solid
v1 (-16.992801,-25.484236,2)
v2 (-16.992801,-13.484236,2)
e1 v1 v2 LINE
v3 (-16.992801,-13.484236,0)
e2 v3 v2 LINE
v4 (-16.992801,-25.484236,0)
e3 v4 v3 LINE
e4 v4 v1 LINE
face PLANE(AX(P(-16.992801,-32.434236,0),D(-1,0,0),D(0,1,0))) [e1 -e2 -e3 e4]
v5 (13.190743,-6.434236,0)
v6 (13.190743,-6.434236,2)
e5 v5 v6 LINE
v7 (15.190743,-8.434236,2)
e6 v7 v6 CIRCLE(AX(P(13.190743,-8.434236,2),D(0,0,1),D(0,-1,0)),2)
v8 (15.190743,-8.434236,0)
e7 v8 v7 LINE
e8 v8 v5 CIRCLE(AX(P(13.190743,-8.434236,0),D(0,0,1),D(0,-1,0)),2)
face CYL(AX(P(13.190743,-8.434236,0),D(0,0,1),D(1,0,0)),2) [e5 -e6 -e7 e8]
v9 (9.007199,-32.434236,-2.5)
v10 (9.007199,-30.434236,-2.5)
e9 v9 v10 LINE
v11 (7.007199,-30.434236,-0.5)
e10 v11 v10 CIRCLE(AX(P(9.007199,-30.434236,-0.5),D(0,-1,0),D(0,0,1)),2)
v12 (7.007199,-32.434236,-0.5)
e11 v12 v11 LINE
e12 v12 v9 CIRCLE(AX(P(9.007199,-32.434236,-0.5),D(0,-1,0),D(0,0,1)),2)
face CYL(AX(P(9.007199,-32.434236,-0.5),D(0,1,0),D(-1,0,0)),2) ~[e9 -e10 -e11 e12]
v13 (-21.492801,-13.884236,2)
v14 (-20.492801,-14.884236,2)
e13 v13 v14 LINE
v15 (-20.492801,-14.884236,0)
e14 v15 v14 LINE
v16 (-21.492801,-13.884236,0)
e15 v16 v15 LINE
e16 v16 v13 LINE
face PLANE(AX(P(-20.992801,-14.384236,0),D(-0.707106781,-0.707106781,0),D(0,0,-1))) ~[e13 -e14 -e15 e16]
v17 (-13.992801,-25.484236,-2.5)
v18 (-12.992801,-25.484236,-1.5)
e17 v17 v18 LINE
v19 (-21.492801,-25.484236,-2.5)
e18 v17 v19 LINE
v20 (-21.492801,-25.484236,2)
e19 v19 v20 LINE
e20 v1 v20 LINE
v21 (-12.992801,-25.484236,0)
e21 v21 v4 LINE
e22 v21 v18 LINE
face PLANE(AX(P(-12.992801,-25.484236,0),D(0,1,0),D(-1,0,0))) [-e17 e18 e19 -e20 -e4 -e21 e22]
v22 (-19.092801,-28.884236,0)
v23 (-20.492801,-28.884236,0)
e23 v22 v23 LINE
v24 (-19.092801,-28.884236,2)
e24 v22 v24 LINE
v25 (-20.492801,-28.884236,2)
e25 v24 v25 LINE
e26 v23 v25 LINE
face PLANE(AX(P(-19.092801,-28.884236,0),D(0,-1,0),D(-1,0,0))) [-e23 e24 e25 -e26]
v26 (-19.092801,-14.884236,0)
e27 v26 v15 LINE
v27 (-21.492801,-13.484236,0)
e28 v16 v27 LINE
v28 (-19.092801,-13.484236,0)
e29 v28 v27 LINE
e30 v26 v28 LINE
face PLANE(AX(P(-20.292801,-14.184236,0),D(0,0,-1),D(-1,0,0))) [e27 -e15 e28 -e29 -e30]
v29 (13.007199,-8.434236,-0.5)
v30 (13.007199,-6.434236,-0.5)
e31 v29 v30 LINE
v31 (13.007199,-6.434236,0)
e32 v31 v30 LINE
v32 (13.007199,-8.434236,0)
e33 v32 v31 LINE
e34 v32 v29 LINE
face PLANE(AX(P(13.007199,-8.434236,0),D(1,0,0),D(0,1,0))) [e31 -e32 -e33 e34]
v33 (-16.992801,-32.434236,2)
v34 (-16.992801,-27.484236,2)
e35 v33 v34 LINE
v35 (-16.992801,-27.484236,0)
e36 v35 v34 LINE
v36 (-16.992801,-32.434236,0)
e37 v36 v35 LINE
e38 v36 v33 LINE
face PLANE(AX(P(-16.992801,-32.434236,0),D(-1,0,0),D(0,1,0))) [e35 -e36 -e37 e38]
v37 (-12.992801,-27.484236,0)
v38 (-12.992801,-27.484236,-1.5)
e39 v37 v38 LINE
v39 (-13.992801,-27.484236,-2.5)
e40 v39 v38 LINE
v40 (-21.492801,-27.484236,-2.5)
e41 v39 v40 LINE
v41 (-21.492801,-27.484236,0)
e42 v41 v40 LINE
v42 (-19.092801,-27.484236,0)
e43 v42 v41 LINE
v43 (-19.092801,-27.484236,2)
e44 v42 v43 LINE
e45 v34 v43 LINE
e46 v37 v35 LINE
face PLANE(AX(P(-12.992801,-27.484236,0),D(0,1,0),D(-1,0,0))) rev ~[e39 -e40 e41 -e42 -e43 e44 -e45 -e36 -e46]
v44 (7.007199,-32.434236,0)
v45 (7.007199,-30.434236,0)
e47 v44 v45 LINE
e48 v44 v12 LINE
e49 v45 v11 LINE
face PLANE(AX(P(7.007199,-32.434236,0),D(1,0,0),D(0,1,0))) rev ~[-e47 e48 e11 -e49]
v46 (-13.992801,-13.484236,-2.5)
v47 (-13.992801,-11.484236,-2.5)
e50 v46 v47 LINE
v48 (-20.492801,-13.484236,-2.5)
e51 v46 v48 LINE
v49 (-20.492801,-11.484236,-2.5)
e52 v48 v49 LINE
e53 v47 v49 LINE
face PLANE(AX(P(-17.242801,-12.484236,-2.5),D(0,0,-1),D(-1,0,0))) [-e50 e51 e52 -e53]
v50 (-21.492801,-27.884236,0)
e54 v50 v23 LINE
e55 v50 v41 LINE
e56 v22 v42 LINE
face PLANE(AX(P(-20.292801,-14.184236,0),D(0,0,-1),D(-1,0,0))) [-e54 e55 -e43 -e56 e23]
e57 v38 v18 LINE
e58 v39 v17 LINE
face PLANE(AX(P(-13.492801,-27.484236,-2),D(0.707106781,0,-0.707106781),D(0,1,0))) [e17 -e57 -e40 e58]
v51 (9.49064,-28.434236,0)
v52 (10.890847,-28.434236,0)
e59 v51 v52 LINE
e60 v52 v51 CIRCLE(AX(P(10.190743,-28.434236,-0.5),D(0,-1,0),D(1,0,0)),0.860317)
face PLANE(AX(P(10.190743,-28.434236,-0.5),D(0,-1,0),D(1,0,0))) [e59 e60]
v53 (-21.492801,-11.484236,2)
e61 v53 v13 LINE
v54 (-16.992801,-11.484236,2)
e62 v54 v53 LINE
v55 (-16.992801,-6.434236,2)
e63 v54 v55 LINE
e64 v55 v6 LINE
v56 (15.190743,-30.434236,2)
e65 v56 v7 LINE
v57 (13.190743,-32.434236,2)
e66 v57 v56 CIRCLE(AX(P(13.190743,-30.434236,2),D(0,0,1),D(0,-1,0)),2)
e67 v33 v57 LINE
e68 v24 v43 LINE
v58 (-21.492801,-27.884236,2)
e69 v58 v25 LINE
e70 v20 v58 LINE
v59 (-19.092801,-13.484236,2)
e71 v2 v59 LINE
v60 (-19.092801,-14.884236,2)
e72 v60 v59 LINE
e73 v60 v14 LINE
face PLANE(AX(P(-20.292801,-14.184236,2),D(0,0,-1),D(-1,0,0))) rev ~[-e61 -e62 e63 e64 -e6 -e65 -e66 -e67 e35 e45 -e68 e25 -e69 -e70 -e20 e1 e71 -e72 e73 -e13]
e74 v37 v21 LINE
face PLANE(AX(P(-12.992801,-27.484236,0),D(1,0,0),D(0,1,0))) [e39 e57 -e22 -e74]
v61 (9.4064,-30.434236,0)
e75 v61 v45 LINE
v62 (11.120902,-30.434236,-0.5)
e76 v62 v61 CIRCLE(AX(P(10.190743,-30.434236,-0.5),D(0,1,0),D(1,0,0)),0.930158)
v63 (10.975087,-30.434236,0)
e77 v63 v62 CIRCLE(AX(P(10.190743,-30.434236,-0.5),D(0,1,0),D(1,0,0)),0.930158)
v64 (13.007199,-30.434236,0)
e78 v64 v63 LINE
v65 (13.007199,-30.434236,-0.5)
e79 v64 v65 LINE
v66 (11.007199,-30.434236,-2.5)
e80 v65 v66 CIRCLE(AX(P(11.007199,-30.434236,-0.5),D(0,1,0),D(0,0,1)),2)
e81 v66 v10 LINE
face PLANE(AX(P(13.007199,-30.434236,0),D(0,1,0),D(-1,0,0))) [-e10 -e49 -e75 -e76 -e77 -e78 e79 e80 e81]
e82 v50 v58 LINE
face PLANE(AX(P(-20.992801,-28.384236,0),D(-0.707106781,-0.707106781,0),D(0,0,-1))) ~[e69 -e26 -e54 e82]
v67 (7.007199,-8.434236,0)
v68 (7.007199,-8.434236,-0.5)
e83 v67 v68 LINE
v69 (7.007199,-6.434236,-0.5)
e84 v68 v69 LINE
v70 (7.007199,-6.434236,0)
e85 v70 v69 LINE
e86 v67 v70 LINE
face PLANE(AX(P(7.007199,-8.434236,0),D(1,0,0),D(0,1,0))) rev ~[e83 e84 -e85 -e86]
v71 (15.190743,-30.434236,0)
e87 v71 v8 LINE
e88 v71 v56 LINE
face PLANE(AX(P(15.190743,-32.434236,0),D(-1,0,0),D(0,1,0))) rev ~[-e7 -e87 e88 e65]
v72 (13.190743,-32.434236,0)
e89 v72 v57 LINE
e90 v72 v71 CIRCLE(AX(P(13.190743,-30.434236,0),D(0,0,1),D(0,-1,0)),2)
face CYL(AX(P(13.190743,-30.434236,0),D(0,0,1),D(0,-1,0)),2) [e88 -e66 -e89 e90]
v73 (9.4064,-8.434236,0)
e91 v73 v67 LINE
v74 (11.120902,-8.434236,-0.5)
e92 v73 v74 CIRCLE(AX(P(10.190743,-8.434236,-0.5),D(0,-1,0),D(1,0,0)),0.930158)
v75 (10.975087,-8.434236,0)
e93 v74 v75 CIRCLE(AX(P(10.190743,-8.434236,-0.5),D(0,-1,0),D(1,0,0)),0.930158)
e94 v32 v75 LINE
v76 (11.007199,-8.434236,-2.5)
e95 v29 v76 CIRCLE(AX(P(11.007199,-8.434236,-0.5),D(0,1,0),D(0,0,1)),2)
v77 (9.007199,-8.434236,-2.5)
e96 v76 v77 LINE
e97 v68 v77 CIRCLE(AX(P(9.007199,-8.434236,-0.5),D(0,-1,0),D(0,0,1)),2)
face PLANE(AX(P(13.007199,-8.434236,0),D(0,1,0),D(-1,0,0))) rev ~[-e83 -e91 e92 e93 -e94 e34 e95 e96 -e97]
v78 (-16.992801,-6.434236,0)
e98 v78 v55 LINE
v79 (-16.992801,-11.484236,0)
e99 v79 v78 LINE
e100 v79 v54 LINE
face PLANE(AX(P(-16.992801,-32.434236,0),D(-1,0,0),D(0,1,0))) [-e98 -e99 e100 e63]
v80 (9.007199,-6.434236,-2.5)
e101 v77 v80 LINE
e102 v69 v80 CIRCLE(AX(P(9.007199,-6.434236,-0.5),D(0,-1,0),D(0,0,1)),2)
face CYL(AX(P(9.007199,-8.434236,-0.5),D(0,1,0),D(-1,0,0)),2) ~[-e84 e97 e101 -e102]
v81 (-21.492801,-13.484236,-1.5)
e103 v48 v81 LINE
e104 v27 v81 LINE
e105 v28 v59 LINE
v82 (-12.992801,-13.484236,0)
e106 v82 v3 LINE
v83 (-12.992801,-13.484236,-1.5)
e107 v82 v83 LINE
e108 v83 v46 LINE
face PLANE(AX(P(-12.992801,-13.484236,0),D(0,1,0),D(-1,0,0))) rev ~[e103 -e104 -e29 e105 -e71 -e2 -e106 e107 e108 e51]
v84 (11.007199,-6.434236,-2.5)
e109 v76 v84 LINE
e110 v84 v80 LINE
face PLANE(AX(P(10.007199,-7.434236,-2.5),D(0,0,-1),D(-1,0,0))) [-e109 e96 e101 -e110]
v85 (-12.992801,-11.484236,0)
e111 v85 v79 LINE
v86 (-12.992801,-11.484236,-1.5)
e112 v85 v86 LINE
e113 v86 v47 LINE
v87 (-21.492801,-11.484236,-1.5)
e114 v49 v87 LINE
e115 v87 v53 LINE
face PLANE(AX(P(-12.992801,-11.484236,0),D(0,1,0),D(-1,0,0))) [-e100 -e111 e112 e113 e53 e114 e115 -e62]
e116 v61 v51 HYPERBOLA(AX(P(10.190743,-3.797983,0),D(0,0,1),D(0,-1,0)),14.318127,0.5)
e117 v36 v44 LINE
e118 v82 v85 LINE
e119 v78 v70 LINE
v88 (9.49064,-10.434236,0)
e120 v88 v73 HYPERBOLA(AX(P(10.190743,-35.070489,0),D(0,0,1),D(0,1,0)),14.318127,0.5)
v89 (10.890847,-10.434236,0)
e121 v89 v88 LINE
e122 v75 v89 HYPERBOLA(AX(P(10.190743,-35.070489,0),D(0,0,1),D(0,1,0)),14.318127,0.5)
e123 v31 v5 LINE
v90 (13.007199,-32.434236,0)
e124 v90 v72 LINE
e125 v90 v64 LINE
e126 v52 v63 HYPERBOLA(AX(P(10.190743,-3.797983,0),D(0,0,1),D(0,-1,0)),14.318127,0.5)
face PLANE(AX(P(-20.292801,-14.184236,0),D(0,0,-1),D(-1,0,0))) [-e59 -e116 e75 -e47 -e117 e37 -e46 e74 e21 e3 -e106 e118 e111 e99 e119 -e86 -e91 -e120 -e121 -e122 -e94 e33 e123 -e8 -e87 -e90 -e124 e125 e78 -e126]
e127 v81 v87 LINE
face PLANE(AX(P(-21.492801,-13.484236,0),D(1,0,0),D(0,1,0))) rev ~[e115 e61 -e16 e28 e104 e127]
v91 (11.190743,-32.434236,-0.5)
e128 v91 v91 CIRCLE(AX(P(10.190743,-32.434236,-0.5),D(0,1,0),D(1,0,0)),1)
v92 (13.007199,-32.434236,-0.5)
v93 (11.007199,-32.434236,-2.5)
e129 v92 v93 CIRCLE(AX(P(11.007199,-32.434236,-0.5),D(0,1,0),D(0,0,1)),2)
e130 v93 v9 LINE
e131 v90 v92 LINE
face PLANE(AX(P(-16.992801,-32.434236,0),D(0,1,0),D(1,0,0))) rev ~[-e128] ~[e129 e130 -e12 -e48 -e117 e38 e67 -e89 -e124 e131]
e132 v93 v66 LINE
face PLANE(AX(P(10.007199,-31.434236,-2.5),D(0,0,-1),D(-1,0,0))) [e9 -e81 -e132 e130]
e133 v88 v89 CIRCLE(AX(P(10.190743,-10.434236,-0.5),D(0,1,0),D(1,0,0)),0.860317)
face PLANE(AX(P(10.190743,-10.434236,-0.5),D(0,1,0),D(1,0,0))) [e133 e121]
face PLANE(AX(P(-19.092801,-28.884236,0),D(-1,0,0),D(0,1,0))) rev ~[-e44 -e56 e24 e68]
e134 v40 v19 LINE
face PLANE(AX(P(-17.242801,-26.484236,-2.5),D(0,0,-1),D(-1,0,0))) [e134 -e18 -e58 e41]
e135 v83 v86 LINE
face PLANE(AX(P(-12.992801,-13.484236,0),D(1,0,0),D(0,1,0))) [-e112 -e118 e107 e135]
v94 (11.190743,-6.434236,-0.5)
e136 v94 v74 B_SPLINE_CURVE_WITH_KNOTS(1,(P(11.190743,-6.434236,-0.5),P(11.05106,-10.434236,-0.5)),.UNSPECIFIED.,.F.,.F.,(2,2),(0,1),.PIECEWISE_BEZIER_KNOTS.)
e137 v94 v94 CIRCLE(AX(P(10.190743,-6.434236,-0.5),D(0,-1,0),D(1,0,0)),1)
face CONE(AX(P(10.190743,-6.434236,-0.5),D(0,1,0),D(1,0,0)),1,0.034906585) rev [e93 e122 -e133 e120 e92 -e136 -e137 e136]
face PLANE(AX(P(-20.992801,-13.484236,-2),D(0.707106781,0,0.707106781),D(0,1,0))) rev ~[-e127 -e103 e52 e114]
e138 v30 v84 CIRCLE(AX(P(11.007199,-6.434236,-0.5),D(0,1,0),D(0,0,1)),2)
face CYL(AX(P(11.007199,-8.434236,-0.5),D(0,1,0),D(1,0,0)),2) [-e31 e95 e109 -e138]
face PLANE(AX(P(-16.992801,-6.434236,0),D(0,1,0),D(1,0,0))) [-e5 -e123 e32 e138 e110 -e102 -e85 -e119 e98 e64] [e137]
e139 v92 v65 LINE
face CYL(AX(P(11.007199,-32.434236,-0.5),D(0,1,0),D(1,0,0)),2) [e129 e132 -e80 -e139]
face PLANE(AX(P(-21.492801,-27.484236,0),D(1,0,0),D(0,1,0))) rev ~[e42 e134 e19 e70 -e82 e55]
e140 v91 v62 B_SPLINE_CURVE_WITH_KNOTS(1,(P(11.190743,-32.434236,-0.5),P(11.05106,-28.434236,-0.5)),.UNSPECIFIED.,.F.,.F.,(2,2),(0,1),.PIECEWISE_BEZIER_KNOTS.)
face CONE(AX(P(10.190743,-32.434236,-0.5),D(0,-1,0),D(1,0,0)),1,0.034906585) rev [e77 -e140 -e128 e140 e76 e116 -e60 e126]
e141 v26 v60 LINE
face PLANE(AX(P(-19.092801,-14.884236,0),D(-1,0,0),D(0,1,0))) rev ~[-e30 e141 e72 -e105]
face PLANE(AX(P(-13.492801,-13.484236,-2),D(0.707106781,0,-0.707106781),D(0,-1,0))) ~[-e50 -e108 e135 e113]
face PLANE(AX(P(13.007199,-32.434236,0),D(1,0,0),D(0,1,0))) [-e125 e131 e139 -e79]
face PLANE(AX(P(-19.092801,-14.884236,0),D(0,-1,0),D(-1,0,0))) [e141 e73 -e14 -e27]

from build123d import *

# Parameters (mm, degrees)
SKETCH_2_W          = 32.183544672
SKETCH_2_H          = 26
EXTRUDE_1_DEPTH     = 2
FILLET_1_R          = 2
SKETCH_5_W          = 6
SKETCH_5_H          = 2
EXTRUDE_2_DEPTH     = 2.5
FILLET_2_R          = 2
SKETCH_6_R          = 1
CUT_EXTRUDE_3_DEPTH = 4
CUT_EXTRUDE_3_TAPER = 2
SKETCH_7_R          = 1
CUT_EXTRUDE_4_DEPTH = 4
CUT_EXTRUDE_4_TAPER = 2
SKETCH_9_W          = 4.5
SKETCH_9_H          = 2
EXTRUDE_3_DEPTH     = 2
SKETCH_10_W         = 2.4
SKETCH_10_H         = 1.4
EXTRUDE_4_DEPTH     = 2
CHAMFER_1_SIZE      = 1
SKETCH_11_W         = 8.5
SKETCH_11_H         = 2
EXTRUDE_5_DEPTH     = 2.5
CHAMFER_2_SIZE      = 1


with BuildPart() as part:
    # 草图2 → 凸台-拉伸1 (new body)
    with BuildSketch(Plane.XY):
        with Locations((-0.901029093, -19.434236018)):
            Rectangle(SKETCH_2_W, SKETCH_2_H)
    extrude(amount=EXTRUDE_1_DEPTH)

    # 圆角1
    fillet_1_edges = [part.edges().sort_by_distance(p)[0] for p in [
        (15.190743243, -32.434236018, 1),
        (15.190743243, -6.434236018, 1),
    ]]
    fillet(fillet_1_edges, radius=FILLET_1_R)

    # 草图5 → 凸台-拉伸2 (add)
    with BuildSketch(Plane(origin=(0, 0, 0), x_dir=(-1, 0, 0), z_dir=(0, 0, -1))):
        with Locations((-10.007198571, -7.434236018)):
            Rectangle(SKETCH_5_W, SKETCH_5_H)
        with Locations((-10.007198571, -31.434236018)):
            Rectangle(SKETCH_5_W, SKETCH_5_H)
    extrude(amount=EXTRUDE_2_DEPTH)

    # 圆角2
    fillet_2_edges = [part.edges().sort_by_distance(p)[0] for p in [
        (13.007198571, -7.434236018, -2.5),
        (7.007198571, -7.434236018, -2.5),
        (13.007198571, -31.434236018, -2.5),
        (7.007198571, -31.434236018, -2.5),
    ]]
    fillet(fillet_2_edges, radius=FILLET_2_R)

    # 草图6 → 切除-拉伸3 (cut)
    with BuildSketch(Plane.XZ.offset(32.434236018)):
        with Locations((10.190743244, -0.5)):
            Circle(SKETCH_6_R)
    extrude(amount=-CUT_EXTRUDE_3_DEPTH, taper=CUT_EXTRUDE_3_TAPER, mode=Mode.SUBTRACT)

    # 草图7 → 切除-拉伸4 (cut)
    with BuildSketch(Plane(origin=(0, -6.434236018, 0), x_dir=(1, 0, 0), z_dir=(0, 1, 0))):
        with Locations((10.190743243, 0.5)):
            Circle(SKETCH_7_R)
    extrude(amount=-CUT_EXTRUDE_4_DEPTH, taper=CUT_EXTRUDE_4_TAPER, mode=Mode.SUBTRACT)

    # 草图9 → 凸台-拉伸3 (add)
    with BuildSketch(Plane(origin=(0, 0, 0), x_dir=(-1, 0, 0), z_dir=(0, 0, -1))):
        with Locations((19.242801429, -12.484236018)):
            Rectangle(SKETCH_9_W, SKETCH_9_H)
        with Locations((19.242801429, -26.484236018)):
            Rectangle(SKETCH_9_W, SKETCH_9_H)
    extrude(amount=-EXTRUDE_3_DEPTH)

    # 草图10 → 凸台-拉伸4 (add)
    with BuildSketch(Plane(origin=(0, 0, 0), x_dir=(-1, 0, 0), z_dir=(0, 0, -1))):
        with Locations((20.292801429, -14.184236018)):
            Rectangle(SKETCH_10_W, SKETCH_10_H)
        with Locations((20.292801429, -28.184236018)):
            Rectangle(SKETCH_10_W, SKETCH_10_H)
    extrude(amount=-EXTRUDE_4_DEPTH)

    # 倒角1
    chamfer_1_edges = [part.edges().sort_by_distance(p)[0] for p in [
        (-21.492801429, -14.884236018, 1),
        (-21.492801429, -28.884236018, 1),
    ]]
    chamfer(chamfer_1_edges, length=CHAMFER_1_SIZE)

    # 草图11 → 凸台-拉伸5 (add)
    with BuildSketch(Plane(origin=(0, 0, 0), x_dir=(-1, 0, 0), z_dir=(0, 0, -1))):
        with Locations((17.242801429, -12.484236018)):
            Rectangle(SKETCH_11_W, SKETCH_11_H)
        with Locations((17.242801429, -26.484236018)):
            Rectangle(SKETCH_11_W, SKETCH_11_H)
    extrude(amount=EXTRUDE_5_DEPTH)

    # 倒角2
    chamfer_2_edges = [part.edges().sort_by_distance(p)[0] for p in [
        (-21.492801429, -12.484236018, -2.5),
        (-12.992801429, -12.484236018, -2.5),
        (-12.992801429, -26.484236018, -2.5),
    ]]
    chamfer(chamfer_2_edges, length=CHAMFER_2_SIZE)


solid = part.part
